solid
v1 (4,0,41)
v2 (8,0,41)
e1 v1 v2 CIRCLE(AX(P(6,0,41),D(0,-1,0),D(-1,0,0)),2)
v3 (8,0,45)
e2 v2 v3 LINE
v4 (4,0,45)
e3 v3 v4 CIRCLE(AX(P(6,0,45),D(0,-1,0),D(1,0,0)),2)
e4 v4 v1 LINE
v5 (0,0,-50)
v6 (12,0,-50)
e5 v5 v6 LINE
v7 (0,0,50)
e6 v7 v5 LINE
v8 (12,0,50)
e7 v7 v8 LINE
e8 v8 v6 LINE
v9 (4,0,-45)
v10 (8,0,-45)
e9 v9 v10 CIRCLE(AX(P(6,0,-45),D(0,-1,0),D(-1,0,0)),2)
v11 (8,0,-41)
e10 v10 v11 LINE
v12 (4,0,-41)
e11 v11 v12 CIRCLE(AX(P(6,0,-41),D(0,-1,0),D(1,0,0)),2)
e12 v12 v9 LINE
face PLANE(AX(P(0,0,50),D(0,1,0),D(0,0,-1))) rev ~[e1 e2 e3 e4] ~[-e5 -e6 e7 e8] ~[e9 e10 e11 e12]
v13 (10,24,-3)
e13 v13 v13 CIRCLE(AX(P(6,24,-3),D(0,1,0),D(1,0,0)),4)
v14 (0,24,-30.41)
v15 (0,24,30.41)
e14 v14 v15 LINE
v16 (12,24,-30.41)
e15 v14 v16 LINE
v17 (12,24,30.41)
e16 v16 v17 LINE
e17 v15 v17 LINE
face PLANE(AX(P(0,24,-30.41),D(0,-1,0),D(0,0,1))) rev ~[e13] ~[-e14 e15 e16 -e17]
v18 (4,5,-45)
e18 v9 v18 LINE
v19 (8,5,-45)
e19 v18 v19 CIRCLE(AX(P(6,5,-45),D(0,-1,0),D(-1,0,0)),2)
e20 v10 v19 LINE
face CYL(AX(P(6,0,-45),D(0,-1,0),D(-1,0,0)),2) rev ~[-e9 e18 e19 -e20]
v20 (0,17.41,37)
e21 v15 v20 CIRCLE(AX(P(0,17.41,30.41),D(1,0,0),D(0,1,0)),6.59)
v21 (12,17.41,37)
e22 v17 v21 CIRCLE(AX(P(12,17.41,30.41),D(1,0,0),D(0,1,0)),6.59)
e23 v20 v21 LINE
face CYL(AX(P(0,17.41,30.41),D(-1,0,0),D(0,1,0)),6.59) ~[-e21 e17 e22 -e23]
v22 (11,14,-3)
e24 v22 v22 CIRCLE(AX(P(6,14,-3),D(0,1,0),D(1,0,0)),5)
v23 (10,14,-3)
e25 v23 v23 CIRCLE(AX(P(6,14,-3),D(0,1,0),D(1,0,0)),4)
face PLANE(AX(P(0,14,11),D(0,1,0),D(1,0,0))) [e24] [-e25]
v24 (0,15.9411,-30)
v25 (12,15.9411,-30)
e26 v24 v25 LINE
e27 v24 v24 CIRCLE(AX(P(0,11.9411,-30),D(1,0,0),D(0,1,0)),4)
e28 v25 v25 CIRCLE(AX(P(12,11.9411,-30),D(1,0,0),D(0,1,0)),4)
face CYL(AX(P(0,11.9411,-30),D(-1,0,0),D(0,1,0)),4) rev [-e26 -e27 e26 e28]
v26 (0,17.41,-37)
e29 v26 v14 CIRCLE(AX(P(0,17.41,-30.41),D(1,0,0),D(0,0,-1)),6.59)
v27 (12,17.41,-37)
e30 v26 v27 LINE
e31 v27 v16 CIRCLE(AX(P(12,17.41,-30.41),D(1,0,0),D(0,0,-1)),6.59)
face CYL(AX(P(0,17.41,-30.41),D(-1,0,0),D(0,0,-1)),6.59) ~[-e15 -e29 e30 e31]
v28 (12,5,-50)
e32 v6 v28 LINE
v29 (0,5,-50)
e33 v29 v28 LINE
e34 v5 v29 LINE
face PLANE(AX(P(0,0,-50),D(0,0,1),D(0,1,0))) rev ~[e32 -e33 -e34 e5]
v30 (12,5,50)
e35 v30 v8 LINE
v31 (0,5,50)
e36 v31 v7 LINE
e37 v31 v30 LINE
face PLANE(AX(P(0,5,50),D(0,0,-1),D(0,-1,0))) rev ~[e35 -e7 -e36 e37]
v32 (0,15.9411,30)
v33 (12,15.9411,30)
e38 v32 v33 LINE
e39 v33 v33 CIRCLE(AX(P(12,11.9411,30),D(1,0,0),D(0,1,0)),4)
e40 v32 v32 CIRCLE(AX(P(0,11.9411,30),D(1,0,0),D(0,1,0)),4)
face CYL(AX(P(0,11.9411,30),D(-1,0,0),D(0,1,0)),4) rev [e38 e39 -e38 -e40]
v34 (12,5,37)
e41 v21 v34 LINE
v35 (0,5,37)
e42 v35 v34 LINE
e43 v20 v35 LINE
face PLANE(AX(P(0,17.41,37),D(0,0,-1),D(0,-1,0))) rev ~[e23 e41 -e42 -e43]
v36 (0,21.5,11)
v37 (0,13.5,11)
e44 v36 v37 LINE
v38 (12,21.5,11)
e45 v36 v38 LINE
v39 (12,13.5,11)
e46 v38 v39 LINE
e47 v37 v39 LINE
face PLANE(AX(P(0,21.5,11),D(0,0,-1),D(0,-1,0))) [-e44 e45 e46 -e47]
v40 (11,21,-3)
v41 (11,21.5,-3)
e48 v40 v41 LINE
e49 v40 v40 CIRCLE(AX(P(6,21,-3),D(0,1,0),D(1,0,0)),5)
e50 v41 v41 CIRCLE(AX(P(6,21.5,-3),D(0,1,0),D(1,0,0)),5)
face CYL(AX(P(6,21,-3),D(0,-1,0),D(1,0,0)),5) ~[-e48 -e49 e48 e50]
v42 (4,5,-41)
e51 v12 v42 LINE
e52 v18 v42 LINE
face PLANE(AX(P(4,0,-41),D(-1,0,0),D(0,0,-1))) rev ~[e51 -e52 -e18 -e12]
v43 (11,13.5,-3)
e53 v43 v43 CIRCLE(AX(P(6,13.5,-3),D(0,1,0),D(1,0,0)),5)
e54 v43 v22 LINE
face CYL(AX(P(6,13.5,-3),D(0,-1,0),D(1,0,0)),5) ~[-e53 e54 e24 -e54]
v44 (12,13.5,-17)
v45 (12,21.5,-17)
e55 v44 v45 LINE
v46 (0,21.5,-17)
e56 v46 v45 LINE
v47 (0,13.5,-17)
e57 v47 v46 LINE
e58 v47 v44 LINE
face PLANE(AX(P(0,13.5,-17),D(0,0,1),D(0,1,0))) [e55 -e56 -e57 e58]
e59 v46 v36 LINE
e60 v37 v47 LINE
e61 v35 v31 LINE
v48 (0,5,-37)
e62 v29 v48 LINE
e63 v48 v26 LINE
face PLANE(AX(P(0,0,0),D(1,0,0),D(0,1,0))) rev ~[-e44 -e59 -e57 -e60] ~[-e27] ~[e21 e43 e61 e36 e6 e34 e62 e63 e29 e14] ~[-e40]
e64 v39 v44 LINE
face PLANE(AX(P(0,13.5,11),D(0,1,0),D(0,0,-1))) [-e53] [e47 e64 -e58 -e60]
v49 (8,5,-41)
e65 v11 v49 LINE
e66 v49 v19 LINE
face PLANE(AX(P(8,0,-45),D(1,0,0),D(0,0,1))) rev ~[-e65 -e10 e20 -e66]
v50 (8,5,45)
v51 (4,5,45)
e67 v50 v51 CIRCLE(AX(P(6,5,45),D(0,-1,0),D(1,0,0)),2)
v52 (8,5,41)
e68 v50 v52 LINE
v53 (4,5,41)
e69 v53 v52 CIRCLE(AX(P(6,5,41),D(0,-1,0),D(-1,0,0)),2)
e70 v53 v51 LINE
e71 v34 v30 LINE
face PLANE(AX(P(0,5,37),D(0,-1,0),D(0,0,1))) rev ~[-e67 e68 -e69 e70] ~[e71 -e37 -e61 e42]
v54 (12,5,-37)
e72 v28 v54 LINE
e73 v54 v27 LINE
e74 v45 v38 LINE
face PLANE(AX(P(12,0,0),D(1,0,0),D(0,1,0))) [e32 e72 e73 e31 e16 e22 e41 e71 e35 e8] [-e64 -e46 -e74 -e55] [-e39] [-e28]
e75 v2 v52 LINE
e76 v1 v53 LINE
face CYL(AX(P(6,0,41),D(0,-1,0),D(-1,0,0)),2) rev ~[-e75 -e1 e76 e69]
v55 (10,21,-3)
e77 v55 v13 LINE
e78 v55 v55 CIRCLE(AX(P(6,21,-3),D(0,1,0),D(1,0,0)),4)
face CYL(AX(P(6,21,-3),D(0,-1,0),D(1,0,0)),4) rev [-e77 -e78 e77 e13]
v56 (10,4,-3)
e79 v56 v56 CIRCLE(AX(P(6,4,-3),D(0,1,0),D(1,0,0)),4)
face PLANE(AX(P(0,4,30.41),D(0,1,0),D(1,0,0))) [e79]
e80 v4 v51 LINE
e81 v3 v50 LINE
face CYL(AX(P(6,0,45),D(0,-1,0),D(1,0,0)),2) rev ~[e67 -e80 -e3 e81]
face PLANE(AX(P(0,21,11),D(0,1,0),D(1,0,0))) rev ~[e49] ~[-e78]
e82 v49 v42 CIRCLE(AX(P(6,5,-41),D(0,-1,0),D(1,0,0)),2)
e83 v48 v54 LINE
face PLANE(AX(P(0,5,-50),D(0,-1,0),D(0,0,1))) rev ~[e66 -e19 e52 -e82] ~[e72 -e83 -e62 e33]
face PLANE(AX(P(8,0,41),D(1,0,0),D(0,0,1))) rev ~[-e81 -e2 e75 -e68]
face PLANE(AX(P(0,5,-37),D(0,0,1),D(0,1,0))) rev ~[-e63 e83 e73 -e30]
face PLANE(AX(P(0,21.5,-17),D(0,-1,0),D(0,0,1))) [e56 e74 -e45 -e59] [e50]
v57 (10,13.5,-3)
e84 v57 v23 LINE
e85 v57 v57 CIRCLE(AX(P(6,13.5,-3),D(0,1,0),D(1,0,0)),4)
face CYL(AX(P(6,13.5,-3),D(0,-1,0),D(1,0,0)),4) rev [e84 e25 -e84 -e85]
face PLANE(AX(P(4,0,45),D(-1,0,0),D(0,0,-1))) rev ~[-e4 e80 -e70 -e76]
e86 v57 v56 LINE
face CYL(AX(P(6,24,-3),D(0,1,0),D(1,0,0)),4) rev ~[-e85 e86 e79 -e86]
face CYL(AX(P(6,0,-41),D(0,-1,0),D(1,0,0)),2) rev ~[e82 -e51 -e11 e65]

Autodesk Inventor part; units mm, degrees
ref_plane "YZ Plane" through (0, 0, 0) normal (1, 0, 0) x (0, 1, 0)
ref_plane "XZ Plane" through (0, 0, 0) normal (0, 1, 0) x (-1, 0, 0)
ref_plane "XY Plane" through (0, 0, 0) normal (0, 0, 1) x (1, 0, 0)
sketch "Sketch1" plane through (0, 0, 0) normal (1, 0, 0) x (0, 1, 0)
  line L0 (0, 50) -> (0, -50)
  line L1 (0, -50) -> (5, -50)
  line L2 (5, -50) -> (5, -37)
  line L3 (5, -37) -> (17.41, -37)
  line L4 (24, -30.41) -> (24, 30.41)
  line L5 (17.41, 37) -> (5, 37)
  line L6 (5, 37) -> (5, 50)
  line L7 (5, 50) -> (0, 50)
  line L8 (21.5, 11) -> (13.5, 11)
  line L9 (13.5, 11) -> (13.5, -17)
  line L10 (13.5, -17) -> (21.5, -17)
  line L11 (21.5, -17) -> (21.5, 11)
  circle A0 centre (11.9411, 30) radius 4
  circle A1 centre (11.9411, -30) radius 4
  arc A2 (24, 30.41) -> (17.41, 37) centre (17.41, 30.41) ccw
  arc A3 (17.41, -37) -> (24, -30.41) centre (17.41, -30.41) ccw
  point P0 (0, 0)
  point P1 (24, -37)
  point P2 (0, 0)
  dimension "d0" = 100
  dimension "d1" = 5
  dimension "d2" = 13
  dimension "d3" = 13
  dimension "d4" = 19
  dimension "d5" = 28
  dimension "d6" = 26
  dimension "d7" = 8
  dimension "d8" = 2.5
  dimension "d9" = 8
  dimension "d10" = 60
  dimension "d11" = 30
  dimension "d12" = 6.59
extrude "Extrusion1" add sketch "Sketch1" along normal blind 12
sketch "Sketch2" plane through (0, 24, 30.41) normal (0, 1, 0) x (1, 0, 0)
  circle A0 centre (6, 33.41) radius 4
  line L0 (0, -6.59) -> (12, -6.59) projected
  point P0 (0, 30.41)
  point P1 (6, -6.59)
  dimension "d15" = 40
  dimension "d16" = 8
extrude "Extrusion2" cut sketch "Sketch2" against normal blind 20
sketch "Sketch3" plane through (0, 0, -50) normal (0, -1, 0) x (1, 0, 0)
  line L0 (4, 95) -> (4, 91)
  line L1 (8, 91) -> (8, 95)
  arc A0 (4, 91) -> (8, 91) centre (6, 91) ccw
  arc A1 (8, 95) -> (4, 95) centre (6, 95) ccw
  line L2 (0, 100) -> (12, 100) projected
  line L3 (0, 100) -> (0, 0) projected
  line L4 (4, 9) -> (4, 5)
  line L5 (8, 5) -> (8, 9)
  arc A2 (4, 5) -> (8, 5) centre (6, 5) ccw
  arc A3 (8, 9) -> (4, 9) centre (6, 9) ccw
  line L6 (0, 0) -> (12, 0) projected
  point P0 (0, 50)
  dimension "d19" = 4
  dimension "d20" = 4
  dimension "d21" = 5
  dimension "d22" = 6
  dimension "d23" = 4
  dimension "d24" = 4
  dimension "d25" = 5
extrude "Extrusion3" cut sketch "Sketch3" against normal up to next
sketch "Sketch5" plane through (0, 13.5, 11) normal (0, 1, 0) x (1, 0, 0)
  circle A0 centre (6, 14) radius 4 projected
  circle A1 centre (6, 14) radius 5
  point P0 (0, 11)
  dimension "d28" = 10
extrude "Extrusion4" add sketch "Sketch5" along normal blind 0.5
pattern_linear "Rectangular Pattern1" count 2 spacing 7.5 along (0, 1, 0) of "Extrusion4"
equation "\"d3\" = d2"
properties material "ABS Plastic"
